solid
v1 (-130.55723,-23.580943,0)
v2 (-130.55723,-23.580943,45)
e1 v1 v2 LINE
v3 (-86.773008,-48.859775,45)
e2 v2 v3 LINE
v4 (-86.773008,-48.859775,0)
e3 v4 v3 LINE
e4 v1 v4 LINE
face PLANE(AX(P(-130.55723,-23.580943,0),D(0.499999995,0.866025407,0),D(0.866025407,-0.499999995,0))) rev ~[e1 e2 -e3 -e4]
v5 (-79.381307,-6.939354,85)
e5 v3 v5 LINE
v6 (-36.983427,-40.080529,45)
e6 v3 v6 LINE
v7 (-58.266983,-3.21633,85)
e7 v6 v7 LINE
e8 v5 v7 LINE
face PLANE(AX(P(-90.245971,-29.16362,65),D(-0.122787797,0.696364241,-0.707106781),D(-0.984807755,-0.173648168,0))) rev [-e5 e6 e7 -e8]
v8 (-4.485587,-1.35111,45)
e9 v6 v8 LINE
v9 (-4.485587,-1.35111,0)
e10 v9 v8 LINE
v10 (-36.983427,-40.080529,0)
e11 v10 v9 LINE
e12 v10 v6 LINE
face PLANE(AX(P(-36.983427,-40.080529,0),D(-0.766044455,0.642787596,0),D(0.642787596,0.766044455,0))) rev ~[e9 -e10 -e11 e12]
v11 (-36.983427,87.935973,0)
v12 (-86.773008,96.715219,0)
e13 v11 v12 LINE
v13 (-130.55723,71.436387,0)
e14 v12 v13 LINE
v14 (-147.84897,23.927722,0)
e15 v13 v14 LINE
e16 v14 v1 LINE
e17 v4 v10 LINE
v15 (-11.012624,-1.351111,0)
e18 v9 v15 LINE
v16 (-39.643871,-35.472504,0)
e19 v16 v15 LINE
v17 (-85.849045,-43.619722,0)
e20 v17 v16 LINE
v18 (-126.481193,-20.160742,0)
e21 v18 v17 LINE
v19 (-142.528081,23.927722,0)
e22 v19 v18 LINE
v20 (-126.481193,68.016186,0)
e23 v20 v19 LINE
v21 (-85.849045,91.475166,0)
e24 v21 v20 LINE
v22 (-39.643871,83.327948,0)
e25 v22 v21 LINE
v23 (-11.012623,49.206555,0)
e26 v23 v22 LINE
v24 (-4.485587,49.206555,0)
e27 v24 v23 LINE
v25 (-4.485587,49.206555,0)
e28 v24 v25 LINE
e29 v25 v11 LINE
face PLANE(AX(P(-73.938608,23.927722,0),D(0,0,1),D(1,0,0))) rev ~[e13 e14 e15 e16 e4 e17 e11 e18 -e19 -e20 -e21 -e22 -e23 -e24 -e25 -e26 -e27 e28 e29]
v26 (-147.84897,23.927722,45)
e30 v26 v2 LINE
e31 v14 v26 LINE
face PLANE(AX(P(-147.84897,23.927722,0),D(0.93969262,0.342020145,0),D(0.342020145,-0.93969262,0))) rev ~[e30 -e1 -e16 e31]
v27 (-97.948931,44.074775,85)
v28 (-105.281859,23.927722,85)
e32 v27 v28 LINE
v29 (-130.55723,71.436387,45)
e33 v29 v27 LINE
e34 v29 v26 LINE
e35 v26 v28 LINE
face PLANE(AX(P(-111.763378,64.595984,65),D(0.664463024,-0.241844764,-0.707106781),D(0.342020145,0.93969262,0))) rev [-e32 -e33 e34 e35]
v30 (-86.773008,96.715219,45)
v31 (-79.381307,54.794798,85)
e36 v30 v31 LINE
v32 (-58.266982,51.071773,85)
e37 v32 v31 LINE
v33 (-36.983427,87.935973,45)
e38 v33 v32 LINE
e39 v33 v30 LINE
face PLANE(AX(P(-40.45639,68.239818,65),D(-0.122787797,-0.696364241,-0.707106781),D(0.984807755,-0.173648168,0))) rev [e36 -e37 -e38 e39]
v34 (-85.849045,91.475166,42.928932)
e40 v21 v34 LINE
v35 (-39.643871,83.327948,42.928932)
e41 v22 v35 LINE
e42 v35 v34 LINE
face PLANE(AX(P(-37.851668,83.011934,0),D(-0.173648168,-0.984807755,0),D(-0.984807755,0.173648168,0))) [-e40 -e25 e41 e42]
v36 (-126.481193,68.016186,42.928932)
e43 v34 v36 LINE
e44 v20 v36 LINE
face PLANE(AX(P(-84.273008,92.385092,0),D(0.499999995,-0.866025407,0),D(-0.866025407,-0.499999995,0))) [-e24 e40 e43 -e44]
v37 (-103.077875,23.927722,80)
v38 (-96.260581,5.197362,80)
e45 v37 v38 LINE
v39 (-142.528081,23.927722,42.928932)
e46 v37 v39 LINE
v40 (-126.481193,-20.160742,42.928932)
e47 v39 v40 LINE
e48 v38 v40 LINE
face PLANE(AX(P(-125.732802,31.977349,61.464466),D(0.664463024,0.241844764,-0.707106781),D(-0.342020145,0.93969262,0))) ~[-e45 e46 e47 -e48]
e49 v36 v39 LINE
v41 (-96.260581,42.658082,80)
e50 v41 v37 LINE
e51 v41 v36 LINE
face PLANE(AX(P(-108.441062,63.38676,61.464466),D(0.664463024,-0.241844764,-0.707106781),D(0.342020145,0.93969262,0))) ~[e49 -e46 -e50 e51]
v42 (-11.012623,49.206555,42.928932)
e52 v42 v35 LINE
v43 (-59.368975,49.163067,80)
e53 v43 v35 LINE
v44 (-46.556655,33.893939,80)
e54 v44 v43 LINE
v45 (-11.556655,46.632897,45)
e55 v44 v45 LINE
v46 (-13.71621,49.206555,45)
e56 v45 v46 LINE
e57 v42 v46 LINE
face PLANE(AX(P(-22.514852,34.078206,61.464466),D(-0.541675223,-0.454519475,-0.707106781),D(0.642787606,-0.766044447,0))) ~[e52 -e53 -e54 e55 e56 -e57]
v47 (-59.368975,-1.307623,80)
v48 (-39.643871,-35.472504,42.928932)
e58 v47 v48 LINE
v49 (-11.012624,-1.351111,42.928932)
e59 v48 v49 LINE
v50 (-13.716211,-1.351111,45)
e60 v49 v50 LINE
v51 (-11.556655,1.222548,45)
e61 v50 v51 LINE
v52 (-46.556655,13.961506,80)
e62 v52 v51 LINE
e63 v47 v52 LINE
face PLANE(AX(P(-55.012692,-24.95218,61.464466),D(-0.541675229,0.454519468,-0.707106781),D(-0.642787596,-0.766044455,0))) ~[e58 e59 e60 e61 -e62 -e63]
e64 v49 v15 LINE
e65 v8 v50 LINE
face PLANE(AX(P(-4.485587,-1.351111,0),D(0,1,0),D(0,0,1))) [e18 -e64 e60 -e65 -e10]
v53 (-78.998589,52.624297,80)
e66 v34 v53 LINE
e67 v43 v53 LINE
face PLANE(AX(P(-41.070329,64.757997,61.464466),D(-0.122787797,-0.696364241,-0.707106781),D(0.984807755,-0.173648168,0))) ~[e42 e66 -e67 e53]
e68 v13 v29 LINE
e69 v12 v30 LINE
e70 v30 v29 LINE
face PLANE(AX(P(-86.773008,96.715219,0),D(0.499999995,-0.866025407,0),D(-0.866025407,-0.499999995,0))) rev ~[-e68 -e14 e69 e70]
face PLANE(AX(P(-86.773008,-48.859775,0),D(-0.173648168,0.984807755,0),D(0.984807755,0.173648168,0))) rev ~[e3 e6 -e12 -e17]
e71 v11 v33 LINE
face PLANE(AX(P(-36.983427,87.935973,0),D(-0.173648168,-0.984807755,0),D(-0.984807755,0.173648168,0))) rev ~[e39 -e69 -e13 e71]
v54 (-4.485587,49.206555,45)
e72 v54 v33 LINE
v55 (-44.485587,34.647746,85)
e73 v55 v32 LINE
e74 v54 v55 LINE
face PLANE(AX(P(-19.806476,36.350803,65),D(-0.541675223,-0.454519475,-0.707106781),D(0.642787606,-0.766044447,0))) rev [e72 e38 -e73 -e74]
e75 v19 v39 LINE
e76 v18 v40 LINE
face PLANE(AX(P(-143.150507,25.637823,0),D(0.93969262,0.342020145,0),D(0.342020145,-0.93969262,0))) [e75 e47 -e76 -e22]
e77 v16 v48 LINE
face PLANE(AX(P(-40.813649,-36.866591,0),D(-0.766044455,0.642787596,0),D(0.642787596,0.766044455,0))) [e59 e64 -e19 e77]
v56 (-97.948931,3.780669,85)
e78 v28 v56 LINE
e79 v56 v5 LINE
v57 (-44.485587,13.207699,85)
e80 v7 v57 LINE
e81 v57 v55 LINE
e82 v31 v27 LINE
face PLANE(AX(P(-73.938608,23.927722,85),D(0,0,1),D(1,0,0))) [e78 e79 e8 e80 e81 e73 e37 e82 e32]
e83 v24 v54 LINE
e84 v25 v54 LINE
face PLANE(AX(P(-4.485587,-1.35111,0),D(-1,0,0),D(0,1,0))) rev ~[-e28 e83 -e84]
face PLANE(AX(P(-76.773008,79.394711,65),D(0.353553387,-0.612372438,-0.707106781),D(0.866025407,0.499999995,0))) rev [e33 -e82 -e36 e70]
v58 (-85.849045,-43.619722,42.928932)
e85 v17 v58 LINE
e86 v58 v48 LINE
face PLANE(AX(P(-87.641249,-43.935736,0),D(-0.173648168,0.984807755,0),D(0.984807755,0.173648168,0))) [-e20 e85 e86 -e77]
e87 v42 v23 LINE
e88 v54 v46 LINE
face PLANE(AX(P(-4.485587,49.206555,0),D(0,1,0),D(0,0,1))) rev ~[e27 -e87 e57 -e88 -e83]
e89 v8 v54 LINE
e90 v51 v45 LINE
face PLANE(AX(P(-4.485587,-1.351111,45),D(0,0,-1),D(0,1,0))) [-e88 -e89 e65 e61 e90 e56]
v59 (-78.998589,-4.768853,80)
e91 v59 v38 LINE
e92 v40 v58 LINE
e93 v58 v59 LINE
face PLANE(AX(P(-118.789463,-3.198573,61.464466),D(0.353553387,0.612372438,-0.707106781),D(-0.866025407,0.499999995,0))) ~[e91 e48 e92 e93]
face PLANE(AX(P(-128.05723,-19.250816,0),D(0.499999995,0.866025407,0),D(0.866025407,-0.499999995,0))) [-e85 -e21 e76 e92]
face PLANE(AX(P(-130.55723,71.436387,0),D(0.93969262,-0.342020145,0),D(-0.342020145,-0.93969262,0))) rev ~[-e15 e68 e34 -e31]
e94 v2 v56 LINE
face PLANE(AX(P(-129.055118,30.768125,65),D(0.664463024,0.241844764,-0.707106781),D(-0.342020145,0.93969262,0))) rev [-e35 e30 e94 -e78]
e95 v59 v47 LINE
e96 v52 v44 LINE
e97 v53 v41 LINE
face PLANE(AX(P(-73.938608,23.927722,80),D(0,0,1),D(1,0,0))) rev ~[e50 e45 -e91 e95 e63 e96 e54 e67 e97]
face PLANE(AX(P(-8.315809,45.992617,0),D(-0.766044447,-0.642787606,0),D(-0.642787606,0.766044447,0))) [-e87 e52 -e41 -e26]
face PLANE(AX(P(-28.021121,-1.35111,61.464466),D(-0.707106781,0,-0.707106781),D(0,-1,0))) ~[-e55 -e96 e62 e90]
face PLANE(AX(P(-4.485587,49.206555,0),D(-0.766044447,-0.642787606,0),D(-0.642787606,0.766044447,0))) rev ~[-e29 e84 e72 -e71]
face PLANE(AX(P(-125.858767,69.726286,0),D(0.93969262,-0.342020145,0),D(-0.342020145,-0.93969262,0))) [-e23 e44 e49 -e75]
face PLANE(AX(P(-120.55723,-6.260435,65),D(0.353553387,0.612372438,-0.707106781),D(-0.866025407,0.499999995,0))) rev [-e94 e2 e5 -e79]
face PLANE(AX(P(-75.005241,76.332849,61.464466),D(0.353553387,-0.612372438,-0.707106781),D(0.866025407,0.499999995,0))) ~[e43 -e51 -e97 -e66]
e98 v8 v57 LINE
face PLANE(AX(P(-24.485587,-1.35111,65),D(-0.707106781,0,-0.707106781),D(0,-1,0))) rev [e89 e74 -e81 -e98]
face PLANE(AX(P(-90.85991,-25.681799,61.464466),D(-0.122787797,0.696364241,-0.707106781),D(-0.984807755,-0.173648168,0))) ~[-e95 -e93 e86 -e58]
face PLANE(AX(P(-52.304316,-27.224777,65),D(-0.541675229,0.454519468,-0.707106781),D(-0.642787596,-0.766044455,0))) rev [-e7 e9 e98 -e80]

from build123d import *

# Parameters (mm, degrees)
F1_DEPTH = 85
F2_SIZE  = 40
F3_T     = -5
F4_W     = 50.557665
F4_H     = 45
F5_DEPTH = 70


with BuildPart() as f1:
    # F0 (on Top) → F1 (new body)
    with BuildSketch(Plane.XY):
        Polygon((-4.485587, -1.35111), (-4.485587, 49.206555), (-36.983427, 87.935973), (-86.773008, 96.715219), (-130.55723, 71.436387), (-147.84897, 23.927722), (-130.55723, -23.580943), (-86.773008, -48.859775), (-36.983427, -40.080529), align=None)
    extrude(amount=F1_DEPTH)

    # F2
    f2_edges = [f1.edges().sort_by_distance(p)[0] for p in [
        (-20.734507, -20.71582, 85),
        (-4.485587, 23.927722, 85),
        (-20.734507, 68.571264, 85),
        (-61.878218, 92.325596, 85),
        (-108.665119, 84.075803, 85),
        (-139.2031, 47.682054, 85),
        (-139.2031, 0.17339, 85),
        (-108.665119, -36.220359, 85),
        (-61.878218, -44.470152, 85),
    ]]
    chamfer(f2_edges, length=F2_SIZE)

    # F3
    f3_openings = [f1.faces().sort_by_distance(p)[0] for p in [
        (-73.938608, 23.927722, 0),
    ]]
    offset(amount=F3_T, openings=f3_openings)

    # F4 (on face) → F5 (cut)
    with BuildSketch(Plane.YZ.offset(-4.485587)):
        with Locations((23.927722, 22.5)):
            Rectangle(F4_W, F4_H)
    extrude(amount=-F5_DEPTH, mode=Mode.SUBTRACT)


solid = f1.part
